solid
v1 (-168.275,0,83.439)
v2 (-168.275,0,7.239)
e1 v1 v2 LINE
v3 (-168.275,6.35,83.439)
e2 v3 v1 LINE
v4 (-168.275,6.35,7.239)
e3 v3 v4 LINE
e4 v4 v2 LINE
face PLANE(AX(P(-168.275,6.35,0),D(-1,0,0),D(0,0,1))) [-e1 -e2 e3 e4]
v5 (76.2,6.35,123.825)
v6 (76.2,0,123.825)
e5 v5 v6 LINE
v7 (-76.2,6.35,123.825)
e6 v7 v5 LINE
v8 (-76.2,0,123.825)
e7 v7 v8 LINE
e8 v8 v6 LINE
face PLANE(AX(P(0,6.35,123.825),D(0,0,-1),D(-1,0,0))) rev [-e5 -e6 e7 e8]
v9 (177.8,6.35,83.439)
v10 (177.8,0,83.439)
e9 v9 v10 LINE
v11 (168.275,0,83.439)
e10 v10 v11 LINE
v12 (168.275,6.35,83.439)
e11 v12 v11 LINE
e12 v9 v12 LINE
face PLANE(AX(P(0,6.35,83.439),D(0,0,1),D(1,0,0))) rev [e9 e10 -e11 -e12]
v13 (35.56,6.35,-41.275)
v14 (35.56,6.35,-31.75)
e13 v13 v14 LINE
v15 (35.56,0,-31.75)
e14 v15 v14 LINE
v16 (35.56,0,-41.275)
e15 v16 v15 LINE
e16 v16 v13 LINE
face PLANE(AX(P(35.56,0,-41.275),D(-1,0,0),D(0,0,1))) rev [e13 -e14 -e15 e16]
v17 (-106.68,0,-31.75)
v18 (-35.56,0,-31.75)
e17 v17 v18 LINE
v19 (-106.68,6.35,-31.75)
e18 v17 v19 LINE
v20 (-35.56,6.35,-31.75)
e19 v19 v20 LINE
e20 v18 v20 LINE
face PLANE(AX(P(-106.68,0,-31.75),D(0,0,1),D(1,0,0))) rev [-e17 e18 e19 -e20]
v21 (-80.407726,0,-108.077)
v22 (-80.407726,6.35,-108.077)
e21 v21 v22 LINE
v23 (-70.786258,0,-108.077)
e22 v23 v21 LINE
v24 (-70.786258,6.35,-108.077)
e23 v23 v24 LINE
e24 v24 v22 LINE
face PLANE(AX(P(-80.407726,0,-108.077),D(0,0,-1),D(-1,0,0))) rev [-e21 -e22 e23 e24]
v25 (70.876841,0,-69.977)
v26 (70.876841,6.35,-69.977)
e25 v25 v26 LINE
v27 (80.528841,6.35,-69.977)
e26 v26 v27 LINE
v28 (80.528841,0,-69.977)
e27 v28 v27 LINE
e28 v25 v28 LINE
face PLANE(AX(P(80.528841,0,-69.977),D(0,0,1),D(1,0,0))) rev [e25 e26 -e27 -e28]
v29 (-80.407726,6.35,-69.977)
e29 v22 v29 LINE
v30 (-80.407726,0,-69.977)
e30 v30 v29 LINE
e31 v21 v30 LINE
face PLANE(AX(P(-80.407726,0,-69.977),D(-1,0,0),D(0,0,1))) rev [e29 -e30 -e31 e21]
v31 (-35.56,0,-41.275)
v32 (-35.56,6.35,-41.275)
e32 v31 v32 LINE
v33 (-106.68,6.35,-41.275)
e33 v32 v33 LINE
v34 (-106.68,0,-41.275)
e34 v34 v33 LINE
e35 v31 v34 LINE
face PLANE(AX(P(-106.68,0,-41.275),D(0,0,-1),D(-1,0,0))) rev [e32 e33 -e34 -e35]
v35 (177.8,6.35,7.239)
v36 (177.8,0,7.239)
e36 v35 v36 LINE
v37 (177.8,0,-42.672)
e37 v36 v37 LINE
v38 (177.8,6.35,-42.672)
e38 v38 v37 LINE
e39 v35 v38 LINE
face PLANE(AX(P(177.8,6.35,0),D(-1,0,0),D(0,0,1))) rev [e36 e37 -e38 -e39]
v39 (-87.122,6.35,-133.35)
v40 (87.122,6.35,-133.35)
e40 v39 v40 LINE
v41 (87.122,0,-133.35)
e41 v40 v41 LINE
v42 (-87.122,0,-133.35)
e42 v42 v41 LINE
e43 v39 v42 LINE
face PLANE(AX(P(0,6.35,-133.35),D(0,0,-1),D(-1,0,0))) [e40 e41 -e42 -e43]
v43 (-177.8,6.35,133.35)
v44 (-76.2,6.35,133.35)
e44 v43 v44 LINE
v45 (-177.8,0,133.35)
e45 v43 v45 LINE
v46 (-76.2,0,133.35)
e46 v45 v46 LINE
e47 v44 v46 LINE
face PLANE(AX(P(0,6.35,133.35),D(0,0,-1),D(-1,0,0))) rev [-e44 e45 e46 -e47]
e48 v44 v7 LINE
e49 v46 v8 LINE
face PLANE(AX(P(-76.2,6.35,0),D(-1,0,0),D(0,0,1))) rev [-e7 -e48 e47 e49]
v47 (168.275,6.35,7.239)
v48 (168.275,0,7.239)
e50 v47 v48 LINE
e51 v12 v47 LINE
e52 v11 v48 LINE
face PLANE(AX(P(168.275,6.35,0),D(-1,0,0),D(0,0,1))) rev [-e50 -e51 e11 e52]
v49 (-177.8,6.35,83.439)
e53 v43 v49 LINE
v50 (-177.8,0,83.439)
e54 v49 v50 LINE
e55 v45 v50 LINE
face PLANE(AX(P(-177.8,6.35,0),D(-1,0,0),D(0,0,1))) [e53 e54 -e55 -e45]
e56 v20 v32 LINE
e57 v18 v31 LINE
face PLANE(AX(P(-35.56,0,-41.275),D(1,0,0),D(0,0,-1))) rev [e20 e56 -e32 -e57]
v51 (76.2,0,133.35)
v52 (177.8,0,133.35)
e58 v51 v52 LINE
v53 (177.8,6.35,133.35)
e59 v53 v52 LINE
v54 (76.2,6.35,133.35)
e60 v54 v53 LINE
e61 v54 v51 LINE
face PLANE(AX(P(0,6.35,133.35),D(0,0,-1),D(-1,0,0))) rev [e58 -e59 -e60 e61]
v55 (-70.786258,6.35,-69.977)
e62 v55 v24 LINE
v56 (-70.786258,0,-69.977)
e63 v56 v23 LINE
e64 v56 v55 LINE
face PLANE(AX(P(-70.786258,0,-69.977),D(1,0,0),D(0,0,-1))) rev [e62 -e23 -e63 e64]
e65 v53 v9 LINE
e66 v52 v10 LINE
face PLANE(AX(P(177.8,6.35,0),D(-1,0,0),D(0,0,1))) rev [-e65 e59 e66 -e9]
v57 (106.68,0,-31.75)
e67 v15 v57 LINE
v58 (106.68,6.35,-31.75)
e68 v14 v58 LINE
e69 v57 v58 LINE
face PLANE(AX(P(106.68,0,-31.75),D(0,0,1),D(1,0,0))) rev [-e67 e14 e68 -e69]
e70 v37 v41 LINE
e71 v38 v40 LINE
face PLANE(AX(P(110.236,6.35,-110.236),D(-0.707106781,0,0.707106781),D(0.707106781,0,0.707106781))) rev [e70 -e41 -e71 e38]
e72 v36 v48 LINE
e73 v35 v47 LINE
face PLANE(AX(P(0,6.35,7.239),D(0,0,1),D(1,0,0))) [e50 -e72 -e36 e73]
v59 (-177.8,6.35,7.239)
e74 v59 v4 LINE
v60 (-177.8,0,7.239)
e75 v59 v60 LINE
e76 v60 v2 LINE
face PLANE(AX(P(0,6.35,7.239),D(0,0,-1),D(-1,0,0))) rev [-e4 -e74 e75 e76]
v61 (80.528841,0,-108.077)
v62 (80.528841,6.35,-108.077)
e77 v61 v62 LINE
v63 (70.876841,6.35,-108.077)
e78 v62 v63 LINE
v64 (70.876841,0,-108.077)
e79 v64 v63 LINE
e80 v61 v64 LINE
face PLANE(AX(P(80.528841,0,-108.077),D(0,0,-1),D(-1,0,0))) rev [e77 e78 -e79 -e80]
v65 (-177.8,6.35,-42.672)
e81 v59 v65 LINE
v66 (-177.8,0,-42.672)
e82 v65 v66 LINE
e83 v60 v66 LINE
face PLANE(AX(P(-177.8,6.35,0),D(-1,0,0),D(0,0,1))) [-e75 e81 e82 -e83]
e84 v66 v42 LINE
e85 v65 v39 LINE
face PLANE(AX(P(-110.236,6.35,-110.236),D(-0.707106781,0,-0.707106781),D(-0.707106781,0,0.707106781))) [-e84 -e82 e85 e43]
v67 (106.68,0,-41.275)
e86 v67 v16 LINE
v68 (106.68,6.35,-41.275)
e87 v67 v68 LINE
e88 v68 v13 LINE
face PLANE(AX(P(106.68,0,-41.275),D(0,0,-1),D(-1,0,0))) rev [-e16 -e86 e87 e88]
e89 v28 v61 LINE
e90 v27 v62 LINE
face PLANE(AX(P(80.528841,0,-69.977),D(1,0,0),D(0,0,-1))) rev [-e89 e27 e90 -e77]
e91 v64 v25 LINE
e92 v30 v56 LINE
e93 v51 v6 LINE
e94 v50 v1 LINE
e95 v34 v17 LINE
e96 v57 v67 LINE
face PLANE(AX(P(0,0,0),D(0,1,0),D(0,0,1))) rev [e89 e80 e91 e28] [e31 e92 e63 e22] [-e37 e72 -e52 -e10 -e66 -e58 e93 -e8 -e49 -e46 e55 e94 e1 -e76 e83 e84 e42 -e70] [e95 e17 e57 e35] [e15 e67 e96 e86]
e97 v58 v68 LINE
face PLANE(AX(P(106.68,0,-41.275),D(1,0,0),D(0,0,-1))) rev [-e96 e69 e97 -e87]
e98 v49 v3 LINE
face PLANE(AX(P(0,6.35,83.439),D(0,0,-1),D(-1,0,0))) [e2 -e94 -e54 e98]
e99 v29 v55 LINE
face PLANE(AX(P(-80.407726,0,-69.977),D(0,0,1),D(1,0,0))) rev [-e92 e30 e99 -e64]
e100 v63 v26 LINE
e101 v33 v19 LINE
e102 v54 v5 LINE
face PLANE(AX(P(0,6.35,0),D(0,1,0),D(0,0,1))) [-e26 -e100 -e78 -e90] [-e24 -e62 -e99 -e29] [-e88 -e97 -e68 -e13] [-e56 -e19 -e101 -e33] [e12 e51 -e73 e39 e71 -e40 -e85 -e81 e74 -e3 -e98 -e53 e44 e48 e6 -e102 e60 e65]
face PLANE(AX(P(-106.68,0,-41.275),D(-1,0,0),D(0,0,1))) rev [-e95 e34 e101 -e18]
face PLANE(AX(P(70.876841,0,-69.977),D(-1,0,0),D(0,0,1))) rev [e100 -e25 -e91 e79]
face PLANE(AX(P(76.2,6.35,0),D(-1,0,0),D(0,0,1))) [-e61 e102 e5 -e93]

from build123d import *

# Parameters (mm, degrees)
BOSS_EXTRUDE1_DEPTH = 6.35
SKETCH2_W           = 71.12
SKETCH2_H           = 9.525
CUT_EXTRUDE1_DEPTH  = 223.34069578
SKETCH3_W           = 9.652
SKETCH3_H           = 38.1
SKETCH3_W_2         = 9.62146782
CUT_EXTRUDE2_DEPTH  = 6.35


with BuildPart() as part:
    # Sketch1 → Boss-Extrude1 (new body)
    with BuildSketch(Plane(origin=(0, 0, 0), x_dir=(1, 0, 0), z_dir=(0, 1, 0))):
        Polygon((-177.8, -7.239), (-177.8, 42.672), (-87.122, 133.35), (87.122, 133.35), (177.8, 42.672), (177.8, -7.239), (168.275, -7.239), (168.275, -83.439), (177.8, -83.439), (177.8, -133.35), (76.2, -133.35), (76.2, -123.825), (-76.2, -123.825), (-76.2, -133.35), (-177.8, -133.35), (-177.8, -83.439), (-168.275, -83.439), (-168.275, -7.239), align=None)
    extrude(amount=BOSS_EXTRUDE1_DEPTH)

    # Sketch2 → Cut-Extrude1 (cut, through all)
    with BuildSketch(Plane(origin=(0, 6.35, 0), x_dir=(1, 0, 0), z_dir=(0, 1, 0))):
        with Locations((71.12, 36.5125)):
            Rectangle(SKETCH2_W, SKETCH2_H)
        with Locations((-71.12, 36.5125)):
            Rectangle(SKETCH2_W, SKETCH2_H)
    extrude(amount=-CUT_EXTRUDE1_DEPTH, mode=Mode.SUBTRACT)

    # Sketch3 → Cut-Extrude2 (cut)
    with BuildSketch(Plane(origin=(0, 6.35, 0), x_dir=(1, 0, 0), z_dir=(0, 1, 0))):
        with Locations((75.702840569, 89.027)):
            Rectangle(SKETCH3_W, SKETCH3_H)
        with Locations((-75.596992051, 89.027)):
            Rectangle(SKETCH3_W_2, SKETCH3_H)
    extrude(amount=-CUT_EXTRUDE2_DEPTH, mode=Mode.SUBTRACT)


solid = part.part
